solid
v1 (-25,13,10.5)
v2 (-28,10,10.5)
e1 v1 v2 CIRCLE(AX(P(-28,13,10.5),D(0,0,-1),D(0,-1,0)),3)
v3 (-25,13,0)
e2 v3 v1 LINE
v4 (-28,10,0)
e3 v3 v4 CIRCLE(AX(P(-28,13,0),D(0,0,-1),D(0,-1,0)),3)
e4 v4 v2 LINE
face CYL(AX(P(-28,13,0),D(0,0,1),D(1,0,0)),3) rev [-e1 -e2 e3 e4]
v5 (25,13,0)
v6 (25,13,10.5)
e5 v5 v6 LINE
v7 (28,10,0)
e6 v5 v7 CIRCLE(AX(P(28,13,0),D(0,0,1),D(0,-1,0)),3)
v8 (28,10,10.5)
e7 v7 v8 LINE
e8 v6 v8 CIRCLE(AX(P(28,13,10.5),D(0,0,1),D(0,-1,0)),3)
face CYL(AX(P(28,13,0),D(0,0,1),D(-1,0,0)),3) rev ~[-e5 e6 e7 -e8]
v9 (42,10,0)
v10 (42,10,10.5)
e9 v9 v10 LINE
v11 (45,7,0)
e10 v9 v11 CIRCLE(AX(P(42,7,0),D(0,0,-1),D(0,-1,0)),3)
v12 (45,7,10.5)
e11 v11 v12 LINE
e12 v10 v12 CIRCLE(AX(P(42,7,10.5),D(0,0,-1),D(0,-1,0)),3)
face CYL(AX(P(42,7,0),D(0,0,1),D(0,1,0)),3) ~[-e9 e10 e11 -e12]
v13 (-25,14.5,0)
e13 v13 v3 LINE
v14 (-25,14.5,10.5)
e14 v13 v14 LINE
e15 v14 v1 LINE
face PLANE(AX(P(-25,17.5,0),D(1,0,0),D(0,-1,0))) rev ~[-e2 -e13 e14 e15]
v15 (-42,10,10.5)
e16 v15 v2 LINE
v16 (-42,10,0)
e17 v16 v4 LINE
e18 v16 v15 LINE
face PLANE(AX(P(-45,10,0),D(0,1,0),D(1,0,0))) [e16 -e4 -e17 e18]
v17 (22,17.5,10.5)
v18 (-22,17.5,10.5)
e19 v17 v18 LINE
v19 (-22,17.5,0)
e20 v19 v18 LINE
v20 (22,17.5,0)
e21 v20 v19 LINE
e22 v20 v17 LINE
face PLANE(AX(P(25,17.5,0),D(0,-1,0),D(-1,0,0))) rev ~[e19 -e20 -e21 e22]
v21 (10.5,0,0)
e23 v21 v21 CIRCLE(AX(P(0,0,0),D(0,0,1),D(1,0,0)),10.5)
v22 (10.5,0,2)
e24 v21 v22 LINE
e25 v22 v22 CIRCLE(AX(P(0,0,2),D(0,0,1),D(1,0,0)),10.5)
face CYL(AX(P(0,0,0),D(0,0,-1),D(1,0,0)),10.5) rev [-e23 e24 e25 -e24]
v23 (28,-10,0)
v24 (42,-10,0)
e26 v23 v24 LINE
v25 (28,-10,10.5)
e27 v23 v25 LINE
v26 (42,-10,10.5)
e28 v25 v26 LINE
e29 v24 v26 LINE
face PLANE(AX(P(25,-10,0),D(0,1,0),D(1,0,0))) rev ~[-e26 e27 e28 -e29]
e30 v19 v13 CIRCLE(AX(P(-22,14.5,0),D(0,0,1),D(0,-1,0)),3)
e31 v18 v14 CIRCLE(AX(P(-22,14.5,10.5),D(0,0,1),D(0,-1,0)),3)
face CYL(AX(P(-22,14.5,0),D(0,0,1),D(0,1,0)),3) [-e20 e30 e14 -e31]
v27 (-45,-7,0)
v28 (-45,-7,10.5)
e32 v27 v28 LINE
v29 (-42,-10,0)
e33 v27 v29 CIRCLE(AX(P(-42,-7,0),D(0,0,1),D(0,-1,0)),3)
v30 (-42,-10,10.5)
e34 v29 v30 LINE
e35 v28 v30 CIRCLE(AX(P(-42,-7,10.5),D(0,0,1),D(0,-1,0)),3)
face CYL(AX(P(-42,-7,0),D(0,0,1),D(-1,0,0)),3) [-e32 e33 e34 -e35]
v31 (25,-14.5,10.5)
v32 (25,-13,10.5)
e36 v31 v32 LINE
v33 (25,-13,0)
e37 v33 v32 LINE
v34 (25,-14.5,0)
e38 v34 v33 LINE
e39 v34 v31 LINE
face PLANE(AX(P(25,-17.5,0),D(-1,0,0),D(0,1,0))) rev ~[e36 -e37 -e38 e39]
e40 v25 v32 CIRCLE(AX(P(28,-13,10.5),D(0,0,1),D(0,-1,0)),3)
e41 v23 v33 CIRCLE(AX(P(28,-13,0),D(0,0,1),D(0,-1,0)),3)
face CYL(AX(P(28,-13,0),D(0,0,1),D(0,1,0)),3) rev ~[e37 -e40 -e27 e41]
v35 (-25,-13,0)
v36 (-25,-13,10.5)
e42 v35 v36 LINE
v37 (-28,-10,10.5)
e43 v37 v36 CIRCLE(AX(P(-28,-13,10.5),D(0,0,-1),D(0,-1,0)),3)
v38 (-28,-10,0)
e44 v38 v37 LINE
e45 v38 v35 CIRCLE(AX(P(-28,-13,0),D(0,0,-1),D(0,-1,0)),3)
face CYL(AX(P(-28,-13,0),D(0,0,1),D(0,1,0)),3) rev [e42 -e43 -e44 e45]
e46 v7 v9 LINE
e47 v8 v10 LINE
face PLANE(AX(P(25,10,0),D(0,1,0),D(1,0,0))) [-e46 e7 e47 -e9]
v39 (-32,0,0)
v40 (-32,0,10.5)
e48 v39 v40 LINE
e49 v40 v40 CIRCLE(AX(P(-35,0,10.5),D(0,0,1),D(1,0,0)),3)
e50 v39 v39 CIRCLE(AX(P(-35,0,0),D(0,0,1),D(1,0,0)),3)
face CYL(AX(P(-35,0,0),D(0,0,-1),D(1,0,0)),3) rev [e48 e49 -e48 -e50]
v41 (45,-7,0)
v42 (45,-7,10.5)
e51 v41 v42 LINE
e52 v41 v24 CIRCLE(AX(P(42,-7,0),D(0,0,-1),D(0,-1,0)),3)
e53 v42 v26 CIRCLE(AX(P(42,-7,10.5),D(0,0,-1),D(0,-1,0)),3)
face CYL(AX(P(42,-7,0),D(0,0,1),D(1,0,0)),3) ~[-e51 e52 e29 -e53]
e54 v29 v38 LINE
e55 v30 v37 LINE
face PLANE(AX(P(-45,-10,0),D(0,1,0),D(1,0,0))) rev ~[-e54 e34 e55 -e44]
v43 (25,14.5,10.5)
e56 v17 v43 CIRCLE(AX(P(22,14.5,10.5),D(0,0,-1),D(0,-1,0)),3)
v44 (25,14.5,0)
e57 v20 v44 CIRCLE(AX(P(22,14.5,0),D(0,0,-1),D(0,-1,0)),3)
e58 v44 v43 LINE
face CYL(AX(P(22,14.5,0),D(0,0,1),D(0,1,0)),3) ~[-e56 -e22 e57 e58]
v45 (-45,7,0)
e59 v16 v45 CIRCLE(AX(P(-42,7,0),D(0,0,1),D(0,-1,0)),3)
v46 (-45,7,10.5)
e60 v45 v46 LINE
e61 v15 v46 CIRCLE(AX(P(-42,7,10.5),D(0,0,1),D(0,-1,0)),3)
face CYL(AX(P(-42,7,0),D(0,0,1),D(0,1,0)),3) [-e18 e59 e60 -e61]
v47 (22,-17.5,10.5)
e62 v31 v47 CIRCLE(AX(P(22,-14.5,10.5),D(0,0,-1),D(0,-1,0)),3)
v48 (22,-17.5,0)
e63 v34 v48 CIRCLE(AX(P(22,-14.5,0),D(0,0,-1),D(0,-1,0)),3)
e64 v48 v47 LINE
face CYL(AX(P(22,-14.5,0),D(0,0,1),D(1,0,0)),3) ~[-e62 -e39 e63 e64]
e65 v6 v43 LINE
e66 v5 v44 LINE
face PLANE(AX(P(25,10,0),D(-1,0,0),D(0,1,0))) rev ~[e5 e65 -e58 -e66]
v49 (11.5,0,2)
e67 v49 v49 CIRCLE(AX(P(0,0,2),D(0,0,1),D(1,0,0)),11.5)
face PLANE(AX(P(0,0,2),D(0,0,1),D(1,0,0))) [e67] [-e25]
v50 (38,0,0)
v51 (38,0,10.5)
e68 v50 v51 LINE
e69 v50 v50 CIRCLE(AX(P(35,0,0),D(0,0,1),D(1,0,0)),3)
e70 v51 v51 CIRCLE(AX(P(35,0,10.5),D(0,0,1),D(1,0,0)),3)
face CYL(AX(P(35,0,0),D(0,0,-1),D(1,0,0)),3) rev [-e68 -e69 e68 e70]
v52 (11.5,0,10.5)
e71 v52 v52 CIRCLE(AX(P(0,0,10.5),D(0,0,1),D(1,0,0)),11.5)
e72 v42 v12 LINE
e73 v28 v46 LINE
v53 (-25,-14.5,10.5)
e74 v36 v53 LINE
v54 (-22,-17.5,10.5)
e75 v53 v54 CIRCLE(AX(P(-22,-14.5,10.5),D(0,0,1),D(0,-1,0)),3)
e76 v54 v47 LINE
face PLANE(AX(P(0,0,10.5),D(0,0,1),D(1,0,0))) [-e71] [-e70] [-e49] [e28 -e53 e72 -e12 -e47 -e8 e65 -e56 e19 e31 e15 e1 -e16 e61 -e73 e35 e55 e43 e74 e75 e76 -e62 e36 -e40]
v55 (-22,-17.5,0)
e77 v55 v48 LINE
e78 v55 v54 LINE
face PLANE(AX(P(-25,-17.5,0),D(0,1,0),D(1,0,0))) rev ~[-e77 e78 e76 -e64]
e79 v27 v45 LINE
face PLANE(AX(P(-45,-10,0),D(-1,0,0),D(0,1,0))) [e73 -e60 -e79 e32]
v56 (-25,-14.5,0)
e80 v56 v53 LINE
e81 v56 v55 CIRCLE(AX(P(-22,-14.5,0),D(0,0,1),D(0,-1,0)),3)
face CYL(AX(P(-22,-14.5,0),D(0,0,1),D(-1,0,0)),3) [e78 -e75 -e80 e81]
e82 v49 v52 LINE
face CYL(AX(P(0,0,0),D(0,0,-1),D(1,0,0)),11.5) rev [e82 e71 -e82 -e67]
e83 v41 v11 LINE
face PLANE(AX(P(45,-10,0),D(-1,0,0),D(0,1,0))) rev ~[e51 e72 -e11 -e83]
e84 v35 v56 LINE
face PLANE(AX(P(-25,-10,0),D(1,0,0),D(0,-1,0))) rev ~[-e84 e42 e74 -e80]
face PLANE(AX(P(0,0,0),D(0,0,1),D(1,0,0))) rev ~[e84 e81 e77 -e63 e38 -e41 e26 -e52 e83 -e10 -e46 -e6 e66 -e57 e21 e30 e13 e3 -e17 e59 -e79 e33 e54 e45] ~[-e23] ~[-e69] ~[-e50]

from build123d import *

# Parameters (mm, degrees)
F0_R     = 11.5
F0_W     = 20
F0_H     = 20
F0_R_2   = 3
F1_DEPTH = 10.5
F0_R_3   = 10.5
F2_DEPTH = 2
F3_R     = 3


with BuildPart() as f1:
    # F0 (on Top) → F1 (new body)
    with BuildSketch(Plane.XY):
        Polygon((25, 17.5), (-25, 17.5), (-25, 10), (-25, -10), (-25, -17.5), (25, -17.5), (25, -10), (25, 10), align=None)
        Circle(F0_R, mode=Mode.SUBTRACT)
        with Locations((-35, 0)):
            Rectangle(F0_W, F0_H)
        with Locations((-35, 0)):
            Circle(F0_R_2, mode=Mode.SUBTRACT)
        with Locations((35, 0)):
            Rectangle(F0_W, F0_H)
        with Locations((35, 0)):
            Circle(F0_R_2, mode=Mode.SUBTRACT)
    extrude(amount=F1_DEPTH)

    # F0 (on Top) → F2 (join)
    with BuildSketch(Plane.XY):
        Circle(F0_R)
        Circle(F0_R_3, mode=Mode.SUBTRACT)
    extrude(amount=F2_DEPTH)

    # F3
    f3_edges = [f1.edges().sort_by_distance(p)[0] for p in [
        (-25, -10, 5.25),
        (-25, 10, 5.25),
        (25, 10, 5.25),
        (25, -10, 5.25),
        (25, 17.5, 5.25),
        (25, -17.5, 5.25),
        (-25, -17.5, 5.25),
        (-25, 17.5, 5.25),
        (-45, 10, 5.25),
        (-45, -10, 5.25),
        (45, -10, 5.25),
        (45, 10, 5.25),
    ]]
    fillet(f3_edges, radius=F3_R)


solid = f1.part
